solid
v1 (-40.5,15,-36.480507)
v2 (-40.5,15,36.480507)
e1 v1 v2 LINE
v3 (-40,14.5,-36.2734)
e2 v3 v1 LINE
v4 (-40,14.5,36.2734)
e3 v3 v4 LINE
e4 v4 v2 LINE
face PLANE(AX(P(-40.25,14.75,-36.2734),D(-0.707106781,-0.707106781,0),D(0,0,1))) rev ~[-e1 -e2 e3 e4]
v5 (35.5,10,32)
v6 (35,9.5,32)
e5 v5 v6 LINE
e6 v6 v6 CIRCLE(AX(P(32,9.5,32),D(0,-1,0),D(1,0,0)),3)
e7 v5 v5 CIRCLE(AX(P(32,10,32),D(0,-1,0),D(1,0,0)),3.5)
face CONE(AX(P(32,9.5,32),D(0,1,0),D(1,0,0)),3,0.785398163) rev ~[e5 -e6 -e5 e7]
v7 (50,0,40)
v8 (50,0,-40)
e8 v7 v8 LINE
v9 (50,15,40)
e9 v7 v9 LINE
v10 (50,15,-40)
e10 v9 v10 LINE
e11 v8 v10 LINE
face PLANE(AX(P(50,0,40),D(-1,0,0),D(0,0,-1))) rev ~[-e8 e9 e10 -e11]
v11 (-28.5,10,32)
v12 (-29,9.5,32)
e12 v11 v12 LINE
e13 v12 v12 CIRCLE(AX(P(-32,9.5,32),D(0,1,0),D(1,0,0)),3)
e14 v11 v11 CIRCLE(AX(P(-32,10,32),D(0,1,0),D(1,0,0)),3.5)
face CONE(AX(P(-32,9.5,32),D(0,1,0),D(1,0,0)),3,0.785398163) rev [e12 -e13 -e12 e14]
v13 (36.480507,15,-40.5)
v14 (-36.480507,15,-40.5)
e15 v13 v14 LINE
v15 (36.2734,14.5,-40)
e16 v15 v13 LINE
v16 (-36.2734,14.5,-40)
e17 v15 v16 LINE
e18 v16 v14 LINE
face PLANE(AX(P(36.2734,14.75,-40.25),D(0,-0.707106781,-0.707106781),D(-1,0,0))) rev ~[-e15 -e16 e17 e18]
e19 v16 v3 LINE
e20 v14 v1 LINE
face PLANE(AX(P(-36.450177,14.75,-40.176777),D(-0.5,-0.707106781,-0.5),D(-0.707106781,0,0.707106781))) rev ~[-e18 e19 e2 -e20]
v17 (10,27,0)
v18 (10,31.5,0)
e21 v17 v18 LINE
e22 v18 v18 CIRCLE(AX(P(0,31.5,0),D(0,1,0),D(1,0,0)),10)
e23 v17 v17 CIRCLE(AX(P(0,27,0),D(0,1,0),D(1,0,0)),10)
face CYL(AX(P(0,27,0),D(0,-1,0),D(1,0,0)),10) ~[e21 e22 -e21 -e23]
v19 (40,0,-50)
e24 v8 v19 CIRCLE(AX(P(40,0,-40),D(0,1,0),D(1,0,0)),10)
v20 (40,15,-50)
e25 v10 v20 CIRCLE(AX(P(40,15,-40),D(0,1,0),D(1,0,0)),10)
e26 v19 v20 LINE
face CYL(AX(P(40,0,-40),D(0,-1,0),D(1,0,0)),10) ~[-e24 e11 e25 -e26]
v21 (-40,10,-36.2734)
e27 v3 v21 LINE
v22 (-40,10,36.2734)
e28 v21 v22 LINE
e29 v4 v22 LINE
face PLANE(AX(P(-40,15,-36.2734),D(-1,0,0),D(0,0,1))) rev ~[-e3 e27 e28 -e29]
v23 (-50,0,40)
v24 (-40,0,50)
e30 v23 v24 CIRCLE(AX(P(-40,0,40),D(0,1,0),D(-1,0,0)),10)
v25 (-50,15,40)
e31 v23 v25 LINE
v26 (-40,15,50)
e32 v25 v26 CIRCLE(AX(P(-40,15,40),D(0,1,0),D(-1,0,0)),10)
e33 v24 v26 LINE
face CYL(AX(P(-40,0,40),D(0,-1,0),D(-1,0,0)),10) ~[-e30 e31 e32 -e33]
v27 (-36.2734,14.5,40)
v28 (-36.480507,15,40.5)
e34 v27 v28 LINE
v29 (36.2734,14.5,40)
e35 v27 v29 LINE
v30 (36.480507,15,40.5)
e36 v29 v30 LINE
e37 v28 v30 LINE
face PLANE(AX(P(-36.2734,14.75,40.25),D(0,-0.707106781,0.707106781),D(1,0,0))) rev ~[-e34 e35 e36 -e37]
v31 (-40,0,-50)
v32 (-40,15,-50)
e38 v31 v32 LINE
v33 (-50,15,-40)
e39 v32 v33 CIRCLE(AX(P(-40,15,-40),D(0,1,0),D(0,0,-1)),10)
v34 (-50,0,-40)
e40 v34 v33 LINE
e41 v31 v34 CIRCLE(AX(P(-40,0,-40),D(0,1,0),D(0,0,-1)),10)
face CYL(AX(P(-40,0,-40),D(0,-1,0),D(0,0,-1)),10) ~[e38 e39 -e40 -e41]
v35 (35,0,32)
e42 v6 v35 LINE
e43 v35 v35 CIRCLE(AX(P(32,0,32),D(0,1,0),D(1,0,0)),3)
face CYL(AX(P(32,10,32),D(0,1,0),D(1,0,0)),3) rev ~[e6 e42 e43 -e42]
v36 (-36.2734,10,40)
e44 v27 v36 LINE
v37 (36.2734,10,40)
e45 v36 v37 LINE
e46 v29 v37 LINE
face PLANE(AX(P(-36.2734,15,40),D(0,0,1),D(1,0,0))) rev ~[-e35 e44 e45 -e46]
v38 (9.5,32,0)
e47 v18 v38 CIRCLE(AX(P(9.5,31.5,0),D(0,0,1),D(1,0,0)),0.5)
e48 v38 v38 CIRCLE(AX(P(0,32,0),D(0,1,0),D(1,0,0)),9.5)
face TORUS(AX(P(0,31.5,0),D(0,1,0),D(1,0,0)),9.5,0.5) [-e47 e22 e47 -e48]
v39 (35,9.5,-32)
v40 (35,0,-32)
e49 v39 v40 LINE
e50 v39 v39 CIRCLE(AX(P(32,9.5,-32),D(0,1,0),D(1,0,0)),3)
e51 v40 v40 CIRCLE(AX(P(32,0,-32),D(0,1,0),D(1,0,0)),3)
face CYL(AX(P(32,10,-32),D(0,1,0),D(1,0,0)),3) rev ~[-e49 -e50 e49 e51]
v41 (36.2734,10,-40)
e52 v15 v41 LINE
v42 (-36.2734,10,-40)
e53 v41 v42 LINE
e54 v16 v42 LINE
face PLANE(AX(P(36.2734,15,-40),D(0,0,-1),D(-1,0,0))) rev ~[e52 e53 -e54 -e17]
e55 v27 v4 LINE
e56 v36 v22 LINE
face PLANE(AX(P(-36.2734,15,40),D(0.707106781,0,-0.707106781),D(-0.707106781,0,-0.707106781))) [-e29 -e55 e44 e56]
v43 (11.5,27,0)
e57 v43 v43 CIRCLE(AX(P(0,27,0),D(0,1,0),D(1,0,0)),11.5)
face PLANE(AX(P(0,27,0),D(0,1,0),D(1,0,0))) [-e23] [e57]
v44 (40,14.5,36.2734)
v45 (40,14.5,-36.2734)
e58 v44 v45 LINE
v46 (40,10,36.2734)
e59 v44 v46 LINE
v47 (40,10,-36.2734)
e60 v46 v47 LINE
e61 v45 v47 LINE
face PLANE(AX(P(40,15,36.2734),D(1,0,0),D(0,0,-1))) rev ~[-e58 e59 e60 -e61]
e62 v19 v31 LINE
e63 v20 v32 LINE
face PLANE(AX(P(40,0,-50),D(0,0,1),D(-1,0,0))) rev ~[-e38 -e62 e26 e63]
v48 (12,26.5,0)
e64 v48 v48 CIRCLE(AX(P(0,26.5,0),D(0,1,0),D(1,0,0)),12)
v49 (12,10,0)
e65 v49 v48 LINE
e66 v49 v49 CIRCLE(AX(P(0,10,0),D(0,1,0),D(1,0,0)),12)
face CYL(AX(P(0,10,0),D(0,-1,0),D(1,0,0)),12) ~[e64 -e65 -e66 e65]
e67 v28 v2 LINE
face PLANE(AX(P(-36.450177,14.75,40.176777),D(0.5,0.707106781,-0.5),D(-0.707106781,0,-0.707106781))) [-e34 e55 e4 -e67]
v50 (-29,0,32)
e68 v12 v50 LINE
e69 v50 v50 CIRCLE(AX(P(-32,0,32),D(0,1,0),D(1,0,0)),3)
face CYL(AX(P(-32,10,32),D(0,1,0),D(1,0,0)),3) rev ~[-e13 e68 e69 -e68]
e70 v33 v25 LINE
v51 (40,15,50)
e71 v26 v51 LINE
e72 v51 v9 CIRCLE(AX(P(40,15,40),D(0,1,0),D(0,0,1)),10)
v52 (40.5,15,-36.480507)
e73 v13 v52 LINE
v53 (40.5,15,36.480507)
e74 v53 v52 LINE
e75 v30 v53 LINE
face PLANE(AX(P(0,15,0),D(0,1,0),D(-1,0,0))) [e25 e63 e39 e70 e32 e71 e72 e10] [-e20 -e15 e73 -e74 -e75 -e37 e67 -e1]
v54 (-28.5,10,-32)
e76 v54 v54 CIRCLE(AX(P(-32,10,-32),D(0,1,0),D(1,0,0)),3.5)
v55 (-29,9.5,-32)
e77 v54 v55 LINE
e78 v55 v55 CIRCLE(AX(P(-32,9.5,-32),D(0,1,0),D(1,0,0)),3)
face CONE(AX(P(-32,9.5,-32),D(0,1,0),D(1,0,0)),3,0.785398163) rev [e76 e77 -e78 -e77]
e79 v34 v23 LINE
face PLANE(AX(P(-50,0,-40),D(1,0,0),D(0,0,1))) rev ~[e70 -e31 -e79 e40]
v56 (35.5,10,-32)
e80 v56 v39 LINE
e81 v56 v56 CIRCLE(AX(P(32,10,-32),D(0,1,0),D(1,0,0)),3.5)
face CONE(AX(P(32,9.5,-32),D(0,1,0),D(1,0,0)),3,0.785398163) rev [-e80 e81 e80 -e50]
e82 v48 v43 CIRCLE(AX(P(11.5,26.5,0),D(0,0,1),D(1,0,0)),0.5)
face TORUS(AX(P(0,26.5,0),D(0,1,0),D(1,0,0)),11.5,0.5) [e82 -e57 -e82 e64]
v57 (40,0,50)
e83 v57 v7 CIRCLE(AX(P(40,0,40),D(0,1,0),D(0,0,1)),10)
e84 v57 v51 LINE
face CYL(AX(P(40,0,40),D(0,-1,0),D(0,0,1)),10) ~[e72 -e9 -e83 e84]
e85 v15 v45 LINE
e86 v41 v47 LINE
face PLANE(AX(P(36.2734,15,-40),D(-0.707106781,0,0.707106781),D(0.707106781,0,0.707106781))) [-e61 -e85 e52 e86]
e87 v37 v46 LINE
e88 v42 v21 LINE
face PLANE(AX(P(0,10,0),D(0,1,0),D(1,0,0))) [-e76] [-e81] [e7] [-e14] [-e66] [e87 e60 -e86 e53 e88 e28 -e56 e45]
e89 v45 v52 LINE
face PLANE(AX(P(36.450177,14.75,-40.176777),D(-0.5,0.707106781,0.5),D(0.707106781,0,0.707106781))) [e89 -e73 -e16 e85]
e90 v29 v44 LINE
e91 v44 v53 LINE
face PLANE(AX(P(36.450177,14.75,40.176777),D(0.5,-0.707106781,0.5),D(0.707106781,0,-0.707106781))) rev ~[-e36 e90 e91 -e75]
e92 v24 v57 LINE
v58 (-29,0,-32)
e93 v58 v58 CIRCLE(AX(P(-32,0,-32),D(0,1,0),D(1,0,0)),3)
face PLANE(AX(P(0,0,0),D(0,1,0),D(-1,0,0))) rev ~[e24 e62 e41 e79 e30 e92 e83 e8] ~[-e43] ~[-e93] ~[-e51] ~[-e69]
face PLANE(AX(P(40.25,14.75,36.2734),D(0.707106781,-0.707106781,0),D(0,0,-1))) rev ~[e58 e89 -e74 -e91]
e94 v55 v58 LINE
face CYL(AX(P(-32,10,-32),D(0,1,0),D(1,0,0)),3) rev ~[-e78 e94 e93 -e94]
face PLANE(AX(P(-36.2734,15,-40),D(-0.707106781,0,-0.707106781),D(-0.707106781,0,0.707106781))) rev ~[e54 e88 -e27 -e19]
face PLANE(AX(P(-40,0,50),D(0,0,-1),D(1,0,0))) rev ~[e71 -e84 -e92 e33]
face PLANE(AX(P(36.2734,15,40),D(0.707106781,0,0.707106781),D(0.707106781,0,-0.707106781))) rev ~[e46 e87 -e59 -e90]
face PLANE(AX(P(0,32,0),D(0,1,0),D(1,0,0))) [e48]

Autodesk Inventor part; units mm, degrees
ref_plane "YZ Plane" through (0, 0, 0) normal (1, 0, 0) x (0, 1, 0)
ref_plane "XZ Plane" through (0, 0, 0) normal (0, 1, 0) x (-1, 0, 0)
ref_plane "XY Plane" through (0, 0, 0) normal (0, 0, 1) x (1, 0, 0)
sketch "Sketch1" plane through (0, 0, 0) normal (0, 1, 0) x (-1, 0, 0)
  line L0 (40, 50) -> (-40, 50)
  line L1 (-50, 40) -> (-50, -40)
  line L2 (-40, -50) -> (40, -50)
  line L3 (50, -40) -> (50, 40)
  line L4 (50, 50) -> (-50, -50) construction
  line L5 (-50, 50) -> (50, -50) construction
  arc A0 (-40, 50) -> (-50, 40) centre (-40, 40) ccw
  arc A1 (50, 40) -> (40, 50) centre (40, 40) ccw
  arc A2 (-50, -40) -> (-40, -50) centre (-40, -40) ccw
  arc A3 (40, -50) -> (50, -40) centre (40, -40) ccw
  point P0 (0, 0)
  dimension "d0" = 100
  dimension "d1" = 100
  dimension "d2" = 10
  dimension "d3" = 10
  dimension "d4" = 10
extrude "Extrusion1" add sketch "Sketch1" along normal blind 15
sketch "Sketch2" plane through (0, 15, 0) normal (0, 1, 0) x (1, 0, 0)
  line L0 (-36.2734, -40) -> (36.2734, -40)
  line L1 (40, -36.2734) -> (40, 36.2734)
  line L2 (36.2734, 40) -> (-36.2734, 40)
  line L3 (-40, 36.2734) -> (-40, -36.2734)
  line L4 (-40, -40) -> (40, 40) construction
  line L5 (40, -40) -> (-40, 40) construction
  line L6 (-36.2734, -40) -> (-40, -36.2734)
  line L7 (-36.2734, 40) -> (-40, 36.2734)
  line L8 (36.2734, -40) -> (40, -36.2734)
  line L9 (36.2734, 40) -> (40, 36.2734)
  point P0 (0, 0)
  dimension "d7" = 80
  dimension "d8" = 80
  dimension "d9" = 3.7266
  dimension "d10" = 3.7266
  dimension "d11" = 3.7266
  dimension "d12" = 3.7266
  dimension "d13" = 3.7266
  dimension "d14" = 3.7266
  dimension "d15" = 3.7266
  dimension "d16" = 3.7266
extrude "Extrusion2" cut sketch "Sketch2" against normal blind 5
sketch "Sketch3" plane through (0, 10, 0) normal (0, 1, 0) x (1, 0, 0)
  line L0 (0, 0) -> (32, 0)
  line L1 (32, 0) -> (32, -32)
  circle A0 centre (32, -32) radius 3
  circle A1 centre (32, 32) radius 3
  circle A2 centre (-32, 32) radius 3
  circle A3 centre (-32, -32) radius 3
  dimension "d19" = 32
  dimension "d20" = 32
  dimension "d21" = 6
  dimension "d24" = 360
  dimension "d44" = 6
extrude "Extrusion3" cut sketch "Sketch3" against normal blind 20
sketch "Sketch4" plane through (0, 10, 0) normal (0, 1, 0) x (1, 0, 0)
  circle A0 centre (0, 0) radius 12
  dimension "d28" = 24
extrude "Extrusion4" add sketch "Sketch4" along normal blind 17
sketch "Sketch5" plane through (0, 27, 0) normal (0, 1, 0) x (1, 0, 0)
  circle A0 centre (0, 0) radius 10
  dimension "d31" = 20
extrude "Extrusion5" add sketch "Sketch5" along normal blind 5
fillet "Fillet1" radius 0.5 2 edges at (-12, 27, 0) (-10, 32, 0)
chamfer "Chamfer1" distance 0.5 angle 45 12 edges at (-35, 10, 32) (29, 10, 32) (29, 10, -32) (-35, 10, -32) (0, 15, 40) (-38.1367, 15, 38.1367) (-40, 15, 0) (-38.1367, 15, -38.1367) (0, 15, -40) (38.1367, 15, -38.1367) (40, 15, 0) (38.1367, 15, 38.1367)
equation "\"d0\" = d1"
equation "\"d8\" = d7"
equation "\"d10\" = d9"
equation "\"d11\" = d9"
equation "\"d12\" = d9"
equation "\"d13\" = d9"
equation "\"d14\" = d9"
equation "\"d15\" = d9"
equation "\"d16\" = d9"
properties part number "Base1"
